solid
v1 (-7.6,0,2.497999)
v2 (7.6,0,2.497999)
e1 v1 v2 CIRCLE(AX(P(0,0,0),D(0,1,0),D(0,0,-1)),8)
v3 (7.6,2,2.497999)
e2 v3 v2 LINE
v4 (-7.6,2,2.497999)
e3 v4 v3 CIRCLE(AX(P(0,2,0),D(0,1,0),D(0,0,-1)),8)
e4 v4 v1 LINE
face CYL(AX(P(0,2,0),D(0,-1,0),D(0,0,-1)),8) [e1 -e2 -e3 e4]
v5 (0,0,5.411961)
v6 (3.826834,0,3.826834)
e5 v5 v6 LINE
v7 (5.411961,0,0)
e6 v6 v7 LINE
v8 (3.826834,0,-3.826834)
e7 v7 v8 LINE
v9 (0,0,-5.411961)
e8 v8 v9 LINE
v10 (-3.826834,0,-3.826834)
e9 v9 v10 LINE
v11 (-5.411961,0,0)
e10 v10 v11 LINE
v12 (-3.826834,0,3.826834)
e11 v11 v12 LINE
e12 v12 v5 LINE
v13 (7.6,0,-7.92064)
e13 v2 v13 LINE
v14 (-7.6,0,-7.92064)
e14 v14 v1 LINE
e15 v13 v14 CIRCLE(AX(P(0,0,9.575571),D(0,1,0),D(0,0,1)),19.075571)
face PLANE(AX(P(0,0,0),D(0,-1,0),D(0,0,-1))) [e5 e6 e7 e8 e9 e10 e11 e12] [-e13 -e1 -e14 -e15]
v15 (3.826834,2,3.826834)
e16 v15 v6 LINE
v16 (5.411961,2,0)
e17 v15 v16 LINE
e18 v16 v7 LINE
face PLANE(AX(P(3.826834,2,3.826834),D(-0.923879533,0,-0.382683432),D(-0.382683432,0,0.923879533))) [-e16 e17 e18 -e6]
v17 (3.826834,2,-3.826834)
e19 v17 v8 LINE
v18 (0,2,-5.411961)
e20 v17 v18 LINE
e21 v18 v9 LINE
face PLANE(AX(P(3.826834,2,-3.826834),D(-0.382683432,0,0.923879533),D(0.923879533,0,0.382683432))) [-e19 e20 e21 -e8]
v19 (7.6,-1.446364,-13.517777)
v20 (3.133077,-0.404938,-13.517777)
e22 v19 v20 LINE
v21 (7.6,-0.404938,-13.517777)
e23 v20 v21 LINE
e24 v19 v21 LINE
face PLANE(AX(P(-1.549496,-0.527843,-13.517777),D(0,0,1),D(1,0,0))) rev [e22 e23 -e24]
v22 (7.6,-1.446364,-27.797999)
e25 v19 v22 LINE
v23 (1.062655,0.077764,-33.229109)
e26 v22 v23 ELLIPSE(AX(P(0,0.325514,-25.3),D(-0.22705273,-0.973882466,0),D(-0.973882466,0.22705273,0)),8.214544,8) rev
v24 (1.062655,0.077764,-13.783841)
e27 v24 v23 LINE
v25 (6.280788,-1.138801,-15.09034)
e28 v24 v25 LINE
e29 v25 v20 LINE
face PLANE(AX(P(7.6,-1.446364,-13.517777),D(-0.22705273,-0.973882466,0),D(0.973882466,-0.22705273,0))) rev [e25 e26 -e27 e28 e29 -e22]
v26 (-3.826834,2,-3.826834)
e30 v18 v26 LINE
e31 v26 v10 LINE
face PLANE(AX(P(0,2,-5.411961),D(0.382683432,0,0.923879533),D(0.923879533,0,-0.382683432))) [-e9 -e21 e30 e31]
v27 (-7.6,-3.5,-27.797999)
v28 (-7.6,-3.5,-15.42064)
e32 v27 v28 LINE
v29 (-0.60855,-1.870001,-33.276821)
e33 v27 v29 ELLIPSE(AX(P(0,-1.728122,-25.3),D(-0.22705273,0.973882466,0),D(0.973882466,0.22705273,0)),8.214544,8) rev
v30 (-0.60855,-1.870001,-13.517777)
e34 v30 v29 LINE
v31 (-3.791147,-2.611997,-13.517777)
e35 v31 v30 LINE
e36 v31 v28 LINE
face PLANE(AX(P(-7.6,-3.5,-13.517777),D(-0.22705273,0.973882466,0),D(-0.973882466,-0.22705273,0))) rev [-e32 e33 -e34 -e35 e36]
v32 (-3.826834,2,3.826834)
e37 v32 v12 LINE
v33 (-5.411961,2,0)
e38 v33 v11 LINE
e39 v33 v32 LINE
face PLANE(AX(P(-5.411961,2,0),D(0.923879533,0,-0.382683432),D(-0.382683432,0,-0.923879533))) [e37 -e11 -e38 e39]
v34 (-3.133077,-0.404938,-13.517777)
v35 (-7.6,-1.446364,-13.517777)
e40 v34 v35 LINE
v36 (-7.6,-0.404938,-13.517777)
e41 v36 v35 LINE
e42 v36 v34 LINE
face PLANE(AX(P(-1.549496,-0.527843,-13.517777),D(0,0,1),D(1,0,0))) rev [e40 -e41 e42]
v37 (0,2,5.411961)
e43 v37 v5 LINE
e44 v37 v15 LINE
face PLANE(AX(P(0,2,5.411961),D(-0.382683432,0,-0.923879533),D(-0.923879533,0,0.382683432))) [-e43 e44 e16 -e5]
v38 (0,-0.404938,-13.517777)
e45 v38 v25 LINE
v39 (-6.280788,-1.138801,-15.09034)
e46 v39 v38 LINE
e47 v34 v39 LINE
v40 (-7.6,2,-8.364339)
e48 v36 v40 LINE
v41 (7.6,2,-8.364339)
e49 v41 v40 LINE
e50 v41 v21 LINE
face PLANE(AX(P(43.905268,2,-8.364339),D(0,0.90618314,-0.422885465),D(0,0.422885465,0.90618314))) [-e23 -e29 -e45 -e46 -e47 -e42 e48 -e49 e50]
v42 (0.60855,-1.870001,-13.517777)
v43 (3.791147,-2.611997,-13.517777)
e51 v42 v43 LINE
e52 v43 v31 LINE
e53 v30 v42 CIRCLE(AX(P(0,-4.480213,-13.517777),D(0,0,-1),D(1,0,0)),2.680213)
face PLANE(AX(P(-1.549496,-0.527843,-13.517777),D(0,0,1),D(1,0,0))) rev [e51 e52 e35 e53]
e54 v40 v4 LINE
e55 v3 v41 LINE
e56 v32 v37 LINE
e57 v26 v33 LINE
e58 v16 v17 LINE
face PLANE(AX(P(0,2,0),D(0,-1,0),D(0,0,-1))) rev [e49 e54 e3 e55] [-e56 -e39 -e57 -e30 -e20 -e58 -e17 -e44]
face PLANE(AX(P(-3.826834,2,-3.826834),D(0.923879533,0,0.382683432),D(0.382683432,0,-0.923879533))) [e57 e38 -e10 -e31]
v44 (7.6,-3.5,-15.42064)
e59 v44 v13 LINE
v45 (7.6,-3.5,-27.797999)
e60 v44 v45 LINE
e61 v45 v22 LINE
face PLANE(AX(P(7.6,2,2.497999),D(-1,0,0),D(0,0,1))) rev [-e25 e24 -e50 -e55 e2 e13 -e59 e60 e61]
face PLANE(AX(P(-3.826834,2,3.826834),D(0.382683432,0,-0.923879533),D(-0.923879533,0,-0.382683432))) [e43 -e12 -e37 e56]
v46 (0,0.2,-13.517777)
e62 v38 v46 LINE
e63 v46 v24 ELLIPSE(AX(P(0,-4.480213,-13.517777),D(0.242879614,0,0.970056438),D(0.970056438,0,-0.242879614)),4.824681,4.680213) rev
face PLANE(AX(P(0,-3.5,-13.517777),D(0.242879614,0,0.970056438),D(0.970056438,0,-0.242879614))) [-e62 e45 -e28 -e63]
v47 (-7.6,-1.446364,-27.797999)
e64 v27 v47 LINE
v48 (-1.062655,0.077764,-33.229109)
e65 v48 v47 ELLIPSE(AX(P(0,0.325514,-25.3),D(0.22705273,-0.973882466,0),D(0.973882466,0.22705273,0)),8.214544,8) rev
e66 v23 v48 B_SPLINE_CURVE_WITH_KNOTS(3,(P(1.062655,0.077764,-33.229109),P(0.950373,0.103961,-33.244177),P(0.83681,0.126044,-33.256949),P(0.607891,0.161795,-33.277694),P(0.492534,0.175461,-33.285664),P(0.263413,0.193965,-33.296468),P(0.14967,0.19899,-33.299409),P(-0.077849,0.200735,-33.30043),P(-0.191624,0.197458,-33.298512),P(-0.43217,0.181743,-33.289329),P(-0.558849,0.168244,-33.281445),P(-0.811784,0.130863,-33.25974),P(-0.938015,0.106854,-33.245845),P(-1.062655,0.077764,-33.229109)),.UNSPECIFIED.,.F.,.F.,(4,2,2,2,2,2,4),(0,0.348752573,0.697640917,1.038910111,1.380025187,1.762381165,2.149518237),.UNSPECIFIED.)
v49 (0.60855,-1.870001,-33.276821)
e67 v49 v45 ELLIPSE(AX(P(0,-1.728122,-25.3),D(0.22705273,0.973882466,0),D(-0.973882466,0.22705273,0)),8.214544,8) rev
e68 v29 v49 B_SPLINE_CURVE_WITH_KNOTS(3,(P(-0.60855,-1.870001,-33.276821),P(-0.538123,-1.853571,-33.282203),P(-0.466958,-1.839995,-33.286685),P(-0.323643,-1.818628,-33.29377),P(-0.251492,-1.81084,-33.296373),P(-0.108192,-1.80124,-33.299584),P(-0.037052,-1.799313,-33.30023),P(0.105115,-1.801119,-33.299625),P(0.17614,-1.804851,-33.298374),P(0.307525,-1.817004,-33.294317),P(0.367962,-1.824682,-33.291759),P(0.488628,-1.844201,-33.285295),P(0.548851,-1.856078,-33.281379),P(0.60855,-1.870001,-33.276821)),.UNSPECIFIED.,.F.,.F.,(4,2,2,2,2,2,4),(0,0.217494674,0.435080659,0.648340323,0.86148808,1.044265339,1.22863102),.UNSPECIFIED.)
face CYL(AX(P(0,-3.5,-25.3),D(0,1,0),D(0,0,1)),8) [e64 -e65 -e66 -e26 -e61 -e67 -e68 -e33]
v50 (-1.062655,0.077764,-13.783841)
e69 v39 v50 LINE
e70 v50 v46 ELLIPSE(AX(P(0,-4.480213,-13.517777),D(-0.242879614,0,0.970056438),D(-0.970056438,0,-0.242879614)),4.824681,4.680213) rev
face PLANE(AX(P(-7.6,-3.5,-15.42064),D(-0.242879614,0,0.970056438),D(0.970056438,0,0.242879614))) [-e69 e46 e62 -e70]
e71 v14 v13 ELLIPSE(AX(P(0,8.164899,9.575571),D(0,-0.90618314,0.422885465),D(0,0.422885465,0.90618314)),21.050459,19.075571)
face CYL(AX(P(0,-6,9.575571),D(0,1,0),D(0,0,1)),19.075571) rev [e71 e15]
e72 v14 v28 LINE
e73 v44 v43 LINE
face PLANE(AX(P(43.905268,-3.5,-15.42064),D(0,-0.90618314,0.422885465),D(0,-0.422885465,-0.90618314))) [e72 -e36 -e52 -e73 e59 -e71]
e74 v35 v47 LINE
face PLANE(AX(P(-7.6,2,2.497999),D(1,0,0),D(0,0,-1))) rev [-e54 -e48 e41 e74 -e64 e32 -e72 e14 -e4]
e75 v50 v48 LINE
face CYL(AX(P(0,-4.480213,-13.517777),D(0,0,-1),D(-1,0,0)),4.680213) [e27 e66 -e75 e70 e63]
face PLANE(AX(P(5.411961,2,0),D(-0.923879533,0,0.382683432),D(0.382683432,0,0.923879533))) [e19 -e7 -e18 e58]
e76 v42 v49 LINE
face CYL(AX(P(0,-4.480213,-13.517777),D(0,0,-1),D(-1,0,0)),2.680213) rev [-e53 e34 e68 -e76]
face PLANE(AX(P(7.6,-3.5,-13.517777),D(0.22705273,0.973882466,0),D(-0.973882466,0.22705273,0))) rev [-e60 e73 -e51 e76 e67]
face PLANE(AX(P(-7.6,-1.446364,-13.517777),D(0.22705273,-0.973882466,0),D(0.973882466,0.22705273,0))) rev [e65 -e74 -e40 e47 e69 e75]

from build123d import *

# Parameters (mm, degrees)
EXTRUDE_1_DEPTH          = 2
EXTRUDE_START            = -8
EXTRUDE_2_DEPTH          = 8
CUT_EXTRUDE_1_DEPTH      = 23.468559083
CUT_EXTRUDE_1_DEPTH_BACK = 23.468559083
EXTRUDE_3_DEPTH          = 5.5
CUT_EXTRUDE_START        = 1.7
SKETCH_6_OUTSIDE_W       = 26.07
SKETCH_6_OUTSIDE_H       = 16.37
CUT_EXTRUDE_2_DEPTH      = 19.782223


with BuildPart() as part:
    # 草图1 → 凸台-拉伸1 (new body)
    with BuildSketch(Plane(origin=(0, 0, 0), x_dir=(1, 0, 0), z_dir=(0, 1, 0))):
        with BuildLine():
            Line((-7.6, -2.497999199), (-7.6, 7.9206403))
            ThreePointArc((-7.6, 7.9206403), (0, 9.5), (7.6, 7.9206403))
            Line((7.6, 7.9206403), (7.6, -2.497999199))
            ThreePointArc((7.6, -2.497999199), (0, -8), (-7.6, -2.497999199))
        make_face()
        Polygon((0, 5.411961001), (-3.826834324, 3.826834324), (-5.411961001, 0), (-3.826834324, -3.826834324), (0, -5.411961001), (3.826834324, -3.826834324), (5.411961001, 0), (3.826834324, 3.826834324), align=None, mode=Mode.SUBTRACT)
    extrude(amount=EXTRUDE_1_DEPTH)

    # 草图3 → 凸台-拉伸2 (add)
    with BuildSketch(Plane(origin=(0, 2, 0), x_dir=(1, 0, 0), z_dir=(0, 1, 0)).offset(EXTRUDE_START)):
        with BuildLine():
            Line((-7.6, 7.9206403), (-7.6, 15.4206403))
            Line((-7.6, 15.4206403), (0, 13.517776718))
            Line((0, 13.517776718), (7.6, 15.4206403))
            Line((7.6, 15.4206403), (7.6, 7.9206403))
            ThreePointArc((7.6, 7.9206403), (0, 9.5), (-7.6, 7.9206403))
        make_face()
    extrude(amount=EXTRUDE_2_DEPTH)

    # 草图4 → 切除-拉伸1 (cut, two sides: drawn at the far end of the back side and taken through both)
    with BuildSketch(Plane(origin=(7.6, 0, 0), x_dir=(0, 0, -1), z_dir=(1, 0, 0)).offset(-CUT_EXTRUDE_1_DEPTH_BACK)):
        Polygon((15.4206403, 2), (8.364338974, 2), (15.4206403, -1.292940619), align=None)
        Polygon((15.4206403, -6), (15.4206403, -3.5), (7.9206403, 0), (7.9206403, -6), align=None)
    extrude(amount=CUT_EXTRUDE_1_DEPTH + CUT_EXTRUDE_1_DEPTH_BACK, mode=Mode.SUBTRACT)

    # 草图5 → 凸台-拉伸3 (add)
    with BuildSketch(Plane(origin=(0, 2, 0), x_dir=(1, 0, 0), z_dir=(0, 1, 0))):
        with BuildLine():
            Line((-7.6, 15.4206403), (-7.6, 27.797999199))
            ThreePointArc((-7.6, 27.797999199), (0, 33.3), (7.6, 27.797999199))
            Line((7.6, 27.797999199), (7.6, 15.4206403))
            Line((7.6, 15.4206403), (0, 13.517776718))
            Line((0, 13.517776718), (-7.6, 15.4206403))
        make_face()
    extrude(amount=-EXTRUDE_3_DEPTH)

    # 草图6 outside → 切除-拉伸2 (cut)
    with BuildSketch(Plane.XY.offset(-35).offset(CUT_EXTRUDE_START)):
        with Locations((0, -0.75)):
            Rectangle(SKETCH_6_OUTSIDE_W, SKETCH_6_OUTSIDE_H)
        with BuildLine():
            Line((7.6, -1.446364095), (1.062655153, 0.077764377))
            ThreePointArc((1.062655153, 0.077764377), (0, 0.2), (-1.062655153, 0.077764377))
            Line((-1.062655153, 0.077764377), (-7.6, -1.446364095))
            Line((-7.6, -1.446364095), (-7.6, -3.5))
            Line((-7.6, -3.5), (-0.608549693, -1.870000556))
            ThreePointArc((-0.608549693, -1.870000556), (0, -1.8), (0.608549693, -1.870000556))
            Line((0.608549693, -1.870000556), (7.6, -3.5))
            Line((7.6, -3.5), (7.6, -1.446364095))
        make_face(mode=Mode.SUBTRACT)
    extrude(amount=CUT_EXTRUDE_2_DEPTH, mode=Mode.SUBTRACT)


solid = part.part
